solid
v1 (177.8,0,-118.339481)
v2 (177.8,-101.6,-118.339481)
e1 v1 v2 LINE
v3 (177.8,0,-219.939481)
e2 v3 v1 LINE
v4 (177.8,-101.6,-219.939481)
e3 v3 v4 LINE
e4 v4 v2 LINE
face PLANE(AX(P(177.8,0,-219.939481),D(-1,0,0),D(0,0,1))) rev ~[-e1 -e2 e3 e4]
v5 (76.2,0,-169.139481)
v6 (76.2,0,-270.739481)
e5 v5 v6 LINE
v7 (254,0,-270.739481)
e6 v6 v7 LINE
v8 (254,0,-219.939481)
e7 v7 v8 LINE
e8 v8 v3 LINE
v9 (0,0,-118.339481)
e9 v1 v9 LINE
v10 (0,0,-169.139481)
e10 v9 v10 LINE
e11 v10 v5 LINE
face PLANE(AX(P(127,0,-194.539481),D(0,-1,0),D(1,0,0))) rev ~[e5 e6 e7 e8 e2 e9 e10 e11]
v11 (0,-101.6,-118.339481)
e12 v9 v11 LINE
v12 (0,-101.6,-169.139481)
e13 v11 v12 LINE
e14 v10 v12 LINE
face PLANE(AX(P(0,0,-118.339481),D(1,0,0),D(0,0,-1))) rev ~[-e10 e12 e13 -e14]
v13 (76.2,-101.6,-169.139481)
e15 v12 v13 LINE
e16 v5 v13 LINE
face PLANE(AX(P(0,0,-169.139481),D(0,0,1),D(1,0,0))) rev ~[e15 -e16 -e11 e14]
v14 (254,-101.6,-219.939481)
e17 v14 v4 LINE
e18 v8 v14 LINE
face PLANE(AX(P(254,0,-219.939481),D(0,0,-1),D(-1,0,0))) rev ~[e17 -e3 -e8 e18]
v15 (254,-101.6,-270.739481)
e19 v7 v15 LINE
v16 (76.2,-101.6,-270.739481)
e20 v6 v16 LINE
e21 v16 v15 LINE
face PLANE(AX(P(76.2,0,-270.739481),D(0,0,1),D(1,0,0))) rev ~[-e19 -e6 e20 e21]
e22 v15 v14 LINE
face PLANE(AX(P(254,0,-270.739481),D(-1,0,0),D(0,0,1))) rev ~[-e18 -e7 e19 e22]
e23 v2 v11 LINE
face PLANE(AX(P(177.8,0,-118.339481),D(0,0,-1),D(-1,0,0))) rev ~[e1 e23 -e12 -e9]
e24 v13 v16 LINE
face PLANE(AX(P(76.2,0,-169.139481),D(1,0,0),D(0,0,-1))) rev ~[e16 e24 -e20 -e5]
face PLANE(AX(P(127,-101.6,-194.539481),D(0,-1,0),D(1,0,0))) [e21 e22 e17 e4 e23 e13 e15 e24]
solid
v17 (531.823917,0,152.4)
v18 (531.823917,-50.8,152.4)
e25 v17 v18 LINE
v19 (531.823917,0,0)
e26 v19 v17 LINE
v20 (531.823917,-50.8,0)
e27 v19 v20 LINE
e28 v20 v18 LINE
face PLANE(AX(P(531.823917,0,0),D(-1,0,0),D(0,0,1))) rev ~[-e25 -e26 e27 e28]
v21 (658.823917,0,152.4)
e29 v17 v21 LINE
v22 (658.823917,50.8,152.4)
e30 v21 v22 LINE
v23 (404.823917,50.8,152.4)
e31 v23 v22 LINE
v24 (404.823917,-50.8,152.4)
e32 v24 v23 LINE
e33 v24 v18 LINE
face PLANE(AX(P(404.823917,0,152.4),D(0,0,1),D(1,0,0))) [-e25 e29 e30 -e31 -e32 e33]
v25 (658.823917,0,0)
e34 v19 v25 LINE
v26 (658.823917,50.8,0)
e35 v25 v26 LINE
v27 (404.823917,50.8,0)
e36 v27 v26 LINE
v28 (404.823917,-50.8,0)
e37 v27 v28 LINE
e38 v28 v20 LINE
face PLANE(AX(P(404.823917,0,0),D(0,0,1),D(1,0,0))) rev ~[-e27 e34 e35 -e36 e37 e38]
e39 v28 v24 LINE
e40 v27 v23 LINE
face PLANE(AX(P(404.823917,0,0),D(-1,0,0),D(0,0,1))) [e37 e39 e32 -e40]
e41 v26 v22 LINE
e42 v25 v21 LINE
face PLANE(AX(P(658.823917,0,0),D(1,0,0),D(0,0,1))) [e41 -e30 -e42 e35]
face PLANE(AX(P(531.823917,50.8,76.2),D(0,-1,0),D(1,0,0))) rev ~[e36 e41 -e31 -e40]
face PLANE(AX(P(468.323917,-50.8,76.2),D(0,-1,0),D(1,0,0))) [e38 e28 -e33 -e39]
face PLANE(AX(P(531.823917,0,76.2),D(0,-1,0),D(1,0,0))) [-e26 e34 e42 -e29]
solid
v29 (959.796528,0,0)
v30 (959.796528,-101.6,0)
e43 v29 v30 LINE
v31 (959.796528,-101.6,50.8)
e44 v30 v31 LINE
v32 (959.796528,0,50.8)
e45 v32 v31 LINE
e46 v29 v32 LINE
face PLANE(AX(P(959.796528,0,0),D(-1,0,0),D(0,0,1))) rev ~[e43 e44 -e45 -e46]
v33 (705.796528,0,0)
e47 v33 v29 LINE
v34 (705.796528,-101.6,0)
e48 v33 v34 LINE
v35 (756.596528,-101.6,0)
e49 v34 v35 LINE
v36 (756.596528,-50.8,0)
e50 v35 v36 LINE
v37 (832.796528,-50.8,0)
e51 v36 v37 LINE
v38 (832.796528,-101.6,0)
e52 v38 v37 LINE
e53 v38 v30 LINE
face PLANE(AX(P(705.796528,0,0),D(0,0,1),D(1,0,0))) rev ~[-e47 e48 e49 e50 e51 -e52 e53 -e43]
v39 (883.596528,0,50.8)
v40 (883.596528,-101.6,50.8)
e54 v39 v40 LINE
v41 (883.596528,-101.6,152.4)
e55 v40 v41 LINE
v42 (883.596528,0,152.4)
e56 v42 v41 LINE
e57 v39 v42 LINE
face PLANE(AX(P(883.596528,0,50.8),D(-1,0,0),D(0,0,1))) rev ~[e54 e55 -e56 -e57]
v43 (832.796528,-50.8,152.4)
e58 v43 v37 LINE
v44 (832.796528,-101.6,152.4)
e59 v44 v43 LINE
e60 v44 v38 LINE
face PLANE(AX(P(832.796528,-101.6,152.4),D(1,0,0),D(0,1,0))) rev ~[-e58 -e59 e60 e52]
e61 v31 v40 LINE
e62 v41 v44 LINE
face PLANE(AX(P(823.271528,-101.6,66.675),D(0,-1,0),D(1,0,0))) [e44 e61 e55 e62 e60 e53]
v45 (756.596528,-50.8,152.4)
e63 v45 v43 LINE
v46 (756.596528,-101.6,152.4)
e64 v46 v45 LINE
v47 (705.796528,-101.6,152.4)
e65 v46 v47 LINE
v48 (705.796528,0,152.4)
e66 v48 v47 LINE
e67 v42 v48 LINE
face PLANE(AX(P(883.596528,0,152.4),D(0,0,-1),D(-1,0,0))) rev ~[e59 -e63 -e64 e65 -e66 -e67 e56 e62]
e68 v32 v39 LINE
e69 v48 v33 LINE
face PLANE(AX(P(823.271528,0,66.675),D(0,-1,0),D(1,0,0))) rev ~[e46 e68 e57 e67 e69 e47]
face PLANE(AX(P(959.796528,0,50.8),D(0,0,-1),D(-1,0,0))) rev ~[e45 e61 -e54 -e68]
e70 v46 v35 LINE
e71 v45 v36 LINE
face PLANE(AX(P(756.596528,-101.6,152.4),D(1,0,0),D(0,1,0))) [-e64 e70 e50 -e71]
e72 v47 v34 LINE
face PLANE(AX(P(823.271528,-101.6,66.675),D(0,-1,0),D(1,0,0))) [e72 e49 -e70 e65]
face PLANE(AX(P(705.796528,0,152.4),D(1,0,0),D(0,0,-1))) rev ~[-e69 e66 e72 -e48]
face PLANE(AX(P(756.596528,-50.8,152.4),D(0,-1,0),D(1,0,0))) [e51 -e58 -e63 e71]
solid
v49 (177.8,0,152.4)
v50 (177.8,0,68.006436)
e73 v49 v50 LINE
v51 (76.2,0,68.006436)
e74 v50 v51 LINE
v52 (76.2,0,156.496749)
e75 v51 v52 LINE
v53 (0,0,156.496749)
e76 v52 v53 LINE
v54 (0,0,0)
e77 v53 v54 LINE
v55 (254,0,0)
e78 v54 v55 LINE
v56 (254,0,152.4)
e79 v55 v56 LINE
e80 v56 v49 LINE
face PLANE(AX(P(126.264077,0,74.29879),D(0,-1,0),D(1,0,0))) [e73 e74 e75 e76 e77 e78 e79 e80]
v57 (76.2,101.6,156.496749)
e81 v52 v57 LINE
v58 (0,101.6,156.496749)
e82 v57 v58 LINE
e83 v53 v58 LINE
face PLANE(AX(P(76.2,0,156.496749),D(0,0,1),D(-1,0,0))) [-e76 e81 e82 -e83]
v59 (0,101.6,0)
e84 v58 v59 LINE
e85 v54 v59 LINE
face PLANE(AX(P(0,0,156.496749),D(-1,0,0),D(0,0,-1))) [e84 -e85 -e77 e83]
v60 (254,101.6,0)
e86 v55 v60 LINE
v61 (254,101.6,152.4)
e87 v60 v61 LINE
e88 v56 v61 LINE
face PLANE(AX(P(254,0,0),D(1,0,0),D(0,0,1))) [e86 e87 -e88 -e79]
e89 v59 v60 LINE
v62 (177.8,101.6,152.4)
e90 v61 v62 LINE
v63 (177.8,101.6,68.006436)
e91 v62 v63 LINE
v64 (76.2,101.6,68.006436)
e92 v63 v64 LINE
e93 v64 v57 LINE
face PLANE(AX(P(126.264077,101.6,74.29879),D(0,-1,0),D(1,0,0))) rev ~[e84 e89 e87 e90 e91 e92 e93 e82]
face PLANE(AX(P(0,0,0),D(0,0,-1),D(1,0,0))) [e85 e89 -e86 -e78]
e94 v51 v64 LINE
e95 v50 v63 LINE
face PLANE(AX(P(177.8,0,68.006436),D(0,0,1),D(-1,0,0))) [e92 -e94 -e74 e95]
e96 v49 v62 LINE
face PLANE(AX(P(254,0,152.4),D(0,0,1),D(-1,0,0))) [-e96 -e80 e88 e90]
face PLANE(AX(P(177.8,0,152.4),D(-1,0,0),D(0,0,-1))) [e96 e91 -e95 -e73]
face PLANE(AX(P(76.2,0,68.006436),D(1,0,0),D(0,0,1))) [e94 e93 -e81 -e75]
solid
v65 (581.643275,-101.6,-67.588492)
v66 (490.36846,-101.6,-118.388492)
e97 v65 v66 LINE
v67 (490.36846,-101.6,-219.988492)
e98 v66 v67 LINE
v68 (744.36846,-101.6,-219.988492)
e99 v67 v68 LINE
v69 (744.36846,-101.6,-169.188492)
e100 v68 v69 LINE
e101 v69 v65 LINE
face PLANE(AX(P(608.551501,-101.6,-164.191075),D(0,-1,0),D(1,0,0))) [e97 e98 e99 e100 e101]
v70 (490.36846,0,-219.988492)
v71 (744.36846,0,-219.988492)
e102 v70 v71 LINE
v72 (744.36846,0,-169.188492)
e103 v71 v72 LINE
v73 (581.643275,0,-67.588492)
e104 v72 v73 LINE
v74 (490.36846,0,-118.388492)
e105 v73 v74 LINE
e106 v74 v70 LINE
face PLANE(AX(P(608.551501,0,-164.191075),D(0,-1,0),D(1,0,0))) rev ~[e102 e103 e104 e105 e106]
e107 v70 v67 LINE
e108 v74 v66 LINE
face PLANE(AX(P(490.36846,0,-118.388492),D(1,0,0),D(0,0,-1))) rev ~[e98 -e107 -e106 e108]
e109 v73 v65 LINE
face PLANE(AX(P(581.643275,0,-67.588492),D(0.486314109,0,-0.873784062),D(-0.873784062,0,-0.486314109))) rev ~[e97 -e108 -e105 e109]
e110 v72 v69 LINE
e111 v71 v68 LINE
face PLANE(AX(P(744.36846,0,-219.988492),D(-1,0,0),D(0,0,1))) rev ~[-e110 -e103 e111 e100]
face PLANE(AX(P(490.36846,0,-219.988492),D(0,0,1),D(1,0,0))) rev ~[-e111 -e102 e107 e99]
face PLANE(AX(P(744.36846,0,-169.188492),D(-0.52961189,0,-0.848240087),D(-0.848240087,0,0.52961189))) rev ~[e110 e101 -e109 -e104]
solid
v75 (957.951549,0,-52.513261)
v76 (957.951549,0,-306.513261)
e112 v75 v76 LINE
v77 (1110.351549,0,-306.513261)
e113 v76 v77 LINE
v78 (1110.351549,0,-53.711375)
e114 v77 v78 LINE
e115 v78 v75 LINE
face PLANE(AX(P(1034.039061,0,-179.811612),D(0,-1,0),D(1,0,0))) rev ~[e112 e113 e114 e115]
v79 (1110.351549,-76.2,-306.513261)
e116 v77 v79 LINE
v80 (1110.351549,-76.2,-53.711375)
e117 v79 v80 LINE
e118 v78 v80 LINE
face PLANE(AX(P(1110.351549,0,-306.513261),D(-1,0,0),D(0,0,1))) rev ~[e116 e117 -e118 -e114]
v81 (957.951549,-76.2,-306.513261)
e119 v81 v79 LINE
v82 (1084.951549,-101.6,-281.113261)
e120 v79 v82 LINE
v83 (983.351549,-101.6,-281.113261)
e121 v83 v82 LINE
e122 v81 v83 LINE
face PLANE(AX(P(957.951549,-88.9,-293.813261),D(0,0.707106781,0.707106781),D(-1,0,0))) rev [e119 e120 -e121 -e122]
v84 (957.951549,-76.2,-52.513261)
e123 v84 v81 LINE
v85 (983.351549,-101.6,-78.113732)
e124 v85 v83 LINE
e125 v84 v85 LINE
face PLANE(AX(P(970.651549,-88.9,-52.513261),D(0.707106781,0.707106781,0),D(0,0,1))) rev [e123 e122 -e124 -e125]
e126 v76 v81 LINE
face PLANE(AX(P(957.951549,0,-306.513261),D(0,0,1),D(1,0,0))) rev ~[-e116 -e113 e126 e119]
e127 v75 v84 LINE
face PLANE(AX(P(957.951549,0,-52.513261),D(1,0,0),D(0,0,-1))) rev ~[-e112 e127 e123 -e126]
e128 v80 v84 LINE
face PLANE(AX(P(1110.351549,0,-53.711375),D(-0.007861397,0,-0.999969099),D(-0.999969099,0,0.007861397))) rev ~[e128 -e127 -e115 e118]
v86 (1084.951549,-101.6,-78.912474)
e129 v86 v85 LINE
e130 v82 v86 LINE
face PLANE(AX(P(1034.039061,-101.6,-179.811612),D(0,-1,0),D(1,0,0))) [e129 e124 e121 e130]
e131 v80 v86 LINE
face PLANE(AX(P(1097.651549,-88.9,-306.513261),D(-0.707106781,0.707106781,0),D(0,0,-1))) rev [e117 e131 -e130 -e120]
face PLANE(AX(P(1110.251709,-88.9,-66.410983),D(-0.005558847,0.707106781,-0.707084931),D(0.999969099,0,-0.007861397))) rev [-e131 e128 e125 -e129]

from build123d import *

# Parameters (mm, degrees)
F1_DEPTH  = 101.6
F2_W      = 254
F2_H      = 152.4
F3_DEPTH  = 50.8
F4_W      = 127
F4_H      = 152.4
F5_DEPTH  = 50.8
F7_DEPTH  = 101.6
F8_W      = 76.2
F8_H      = 50.8
F9_DEPTH  = 152.4
F11_DEPTH = 101.6
F13_DEPTH = 101.6
F15_DEPTH = 101.6
F16_SIZE  = 25.4


with BuildPart() as f1:
    # F0 (on Front) → F1 (new body)
    with BuildSketch(Plane.XZ):
        Polygon((0, 156.496749), (0, 0), (254, 0), (254, 152.4), (177.8, 152.4), (177.8, 68.006436), (76.2, 68.006436), (76.2, 156.496749), align=None)
    extrude(amount=-F1_DEPTH)


with BuildPart() as f3:
    # F2 (on Front) → F3 (new body)
    with BuildSketch(Plane.XZ):
        with Locations((531.823917, 76.2)):
            Rectangle(F2_W, F2_H)
    extrude(amount=-F3_DEPTH)

    # F4 (on face) → F5 (join)
    with BuildSketch(Plane.XZ):
        with Locations((468.323917, 76.2)):
            Rectangle(F4_W, F4_H)
    extrude(amount=F5_DEPTH)


with BuildPart() as f7:
    # F6 (on Front) → F7 (new body)
    with BuildSketch(Plane.XZ):
        Polygon((705.796528, 152.4), (705.796528, 0), (959.796528, 0), (959.796528, 50.8), (883.596528, 50.8), (883.596528, 152.4), align=None)
    extrude(amount=F7_DEPTH)

    # F8 (on face) → F9 (cut)
    with BuildSketch(Plane.XY.offset(152.4)):
        with Locations((794.696528, -76.2)):
            Rectangle(F8_W, F8_H)
    extrude(amount=-F9_DEPTH, mode=Mode.SUBTRACT)


with BuildPart() as f11:
    # F10 (on Front) → F11 (new body)
    with BuildSketch(Plane.XZ):
        Polygon((177.8, -118.339481), (0, -118.339481), (0, -169.139481), (76.2, -169.139481), (76.2, -270.739481), (254, -270.739481), (254, -219.939481), (177.8, -219.939481), align=None)
    extrude(amount=F11_DEPTH)


with BuildPart() as f13:
    # F12 (on Front) → F13 (new body)
    with BuildSketch(Plane.XZ):
        Polygon((581.643275, -67.588492), (490.36846, -118.388492), (490.36846, -219.988492), (744.36846, -219.988492), (744.36846, -169.188492), align=None)
    extrude(amount=F13_DEPTH)


with BuildPart() as f15:
    # F14 (on Front) → F15 (new body)
    with BuildSketch(Plane.XZ):
        Polygon((1110.351549, -53.711375), (957.951549, -52.513261), (957.951549, -306.513261), (1110.351549, -306.513261), align=None)
    extrude(amount=F15_DEPTH)

    # F16
    f16_edges = [f15.edges().sort_by_distance(p)[0] for p in [
        (1034.151549, -101.6, -53.112318),
        (957.951549, -101.6, -179.513261),
        (1034.151549, -101.6, -306.513261),
        (1110.351549, -101.6, -180.112318),
    ]]
    chamfer(f16_edges, length=F16_SIZE)


solid = Compound([f1.part, f3.part, f7.part, f11.part, f13.part, f15.part])
